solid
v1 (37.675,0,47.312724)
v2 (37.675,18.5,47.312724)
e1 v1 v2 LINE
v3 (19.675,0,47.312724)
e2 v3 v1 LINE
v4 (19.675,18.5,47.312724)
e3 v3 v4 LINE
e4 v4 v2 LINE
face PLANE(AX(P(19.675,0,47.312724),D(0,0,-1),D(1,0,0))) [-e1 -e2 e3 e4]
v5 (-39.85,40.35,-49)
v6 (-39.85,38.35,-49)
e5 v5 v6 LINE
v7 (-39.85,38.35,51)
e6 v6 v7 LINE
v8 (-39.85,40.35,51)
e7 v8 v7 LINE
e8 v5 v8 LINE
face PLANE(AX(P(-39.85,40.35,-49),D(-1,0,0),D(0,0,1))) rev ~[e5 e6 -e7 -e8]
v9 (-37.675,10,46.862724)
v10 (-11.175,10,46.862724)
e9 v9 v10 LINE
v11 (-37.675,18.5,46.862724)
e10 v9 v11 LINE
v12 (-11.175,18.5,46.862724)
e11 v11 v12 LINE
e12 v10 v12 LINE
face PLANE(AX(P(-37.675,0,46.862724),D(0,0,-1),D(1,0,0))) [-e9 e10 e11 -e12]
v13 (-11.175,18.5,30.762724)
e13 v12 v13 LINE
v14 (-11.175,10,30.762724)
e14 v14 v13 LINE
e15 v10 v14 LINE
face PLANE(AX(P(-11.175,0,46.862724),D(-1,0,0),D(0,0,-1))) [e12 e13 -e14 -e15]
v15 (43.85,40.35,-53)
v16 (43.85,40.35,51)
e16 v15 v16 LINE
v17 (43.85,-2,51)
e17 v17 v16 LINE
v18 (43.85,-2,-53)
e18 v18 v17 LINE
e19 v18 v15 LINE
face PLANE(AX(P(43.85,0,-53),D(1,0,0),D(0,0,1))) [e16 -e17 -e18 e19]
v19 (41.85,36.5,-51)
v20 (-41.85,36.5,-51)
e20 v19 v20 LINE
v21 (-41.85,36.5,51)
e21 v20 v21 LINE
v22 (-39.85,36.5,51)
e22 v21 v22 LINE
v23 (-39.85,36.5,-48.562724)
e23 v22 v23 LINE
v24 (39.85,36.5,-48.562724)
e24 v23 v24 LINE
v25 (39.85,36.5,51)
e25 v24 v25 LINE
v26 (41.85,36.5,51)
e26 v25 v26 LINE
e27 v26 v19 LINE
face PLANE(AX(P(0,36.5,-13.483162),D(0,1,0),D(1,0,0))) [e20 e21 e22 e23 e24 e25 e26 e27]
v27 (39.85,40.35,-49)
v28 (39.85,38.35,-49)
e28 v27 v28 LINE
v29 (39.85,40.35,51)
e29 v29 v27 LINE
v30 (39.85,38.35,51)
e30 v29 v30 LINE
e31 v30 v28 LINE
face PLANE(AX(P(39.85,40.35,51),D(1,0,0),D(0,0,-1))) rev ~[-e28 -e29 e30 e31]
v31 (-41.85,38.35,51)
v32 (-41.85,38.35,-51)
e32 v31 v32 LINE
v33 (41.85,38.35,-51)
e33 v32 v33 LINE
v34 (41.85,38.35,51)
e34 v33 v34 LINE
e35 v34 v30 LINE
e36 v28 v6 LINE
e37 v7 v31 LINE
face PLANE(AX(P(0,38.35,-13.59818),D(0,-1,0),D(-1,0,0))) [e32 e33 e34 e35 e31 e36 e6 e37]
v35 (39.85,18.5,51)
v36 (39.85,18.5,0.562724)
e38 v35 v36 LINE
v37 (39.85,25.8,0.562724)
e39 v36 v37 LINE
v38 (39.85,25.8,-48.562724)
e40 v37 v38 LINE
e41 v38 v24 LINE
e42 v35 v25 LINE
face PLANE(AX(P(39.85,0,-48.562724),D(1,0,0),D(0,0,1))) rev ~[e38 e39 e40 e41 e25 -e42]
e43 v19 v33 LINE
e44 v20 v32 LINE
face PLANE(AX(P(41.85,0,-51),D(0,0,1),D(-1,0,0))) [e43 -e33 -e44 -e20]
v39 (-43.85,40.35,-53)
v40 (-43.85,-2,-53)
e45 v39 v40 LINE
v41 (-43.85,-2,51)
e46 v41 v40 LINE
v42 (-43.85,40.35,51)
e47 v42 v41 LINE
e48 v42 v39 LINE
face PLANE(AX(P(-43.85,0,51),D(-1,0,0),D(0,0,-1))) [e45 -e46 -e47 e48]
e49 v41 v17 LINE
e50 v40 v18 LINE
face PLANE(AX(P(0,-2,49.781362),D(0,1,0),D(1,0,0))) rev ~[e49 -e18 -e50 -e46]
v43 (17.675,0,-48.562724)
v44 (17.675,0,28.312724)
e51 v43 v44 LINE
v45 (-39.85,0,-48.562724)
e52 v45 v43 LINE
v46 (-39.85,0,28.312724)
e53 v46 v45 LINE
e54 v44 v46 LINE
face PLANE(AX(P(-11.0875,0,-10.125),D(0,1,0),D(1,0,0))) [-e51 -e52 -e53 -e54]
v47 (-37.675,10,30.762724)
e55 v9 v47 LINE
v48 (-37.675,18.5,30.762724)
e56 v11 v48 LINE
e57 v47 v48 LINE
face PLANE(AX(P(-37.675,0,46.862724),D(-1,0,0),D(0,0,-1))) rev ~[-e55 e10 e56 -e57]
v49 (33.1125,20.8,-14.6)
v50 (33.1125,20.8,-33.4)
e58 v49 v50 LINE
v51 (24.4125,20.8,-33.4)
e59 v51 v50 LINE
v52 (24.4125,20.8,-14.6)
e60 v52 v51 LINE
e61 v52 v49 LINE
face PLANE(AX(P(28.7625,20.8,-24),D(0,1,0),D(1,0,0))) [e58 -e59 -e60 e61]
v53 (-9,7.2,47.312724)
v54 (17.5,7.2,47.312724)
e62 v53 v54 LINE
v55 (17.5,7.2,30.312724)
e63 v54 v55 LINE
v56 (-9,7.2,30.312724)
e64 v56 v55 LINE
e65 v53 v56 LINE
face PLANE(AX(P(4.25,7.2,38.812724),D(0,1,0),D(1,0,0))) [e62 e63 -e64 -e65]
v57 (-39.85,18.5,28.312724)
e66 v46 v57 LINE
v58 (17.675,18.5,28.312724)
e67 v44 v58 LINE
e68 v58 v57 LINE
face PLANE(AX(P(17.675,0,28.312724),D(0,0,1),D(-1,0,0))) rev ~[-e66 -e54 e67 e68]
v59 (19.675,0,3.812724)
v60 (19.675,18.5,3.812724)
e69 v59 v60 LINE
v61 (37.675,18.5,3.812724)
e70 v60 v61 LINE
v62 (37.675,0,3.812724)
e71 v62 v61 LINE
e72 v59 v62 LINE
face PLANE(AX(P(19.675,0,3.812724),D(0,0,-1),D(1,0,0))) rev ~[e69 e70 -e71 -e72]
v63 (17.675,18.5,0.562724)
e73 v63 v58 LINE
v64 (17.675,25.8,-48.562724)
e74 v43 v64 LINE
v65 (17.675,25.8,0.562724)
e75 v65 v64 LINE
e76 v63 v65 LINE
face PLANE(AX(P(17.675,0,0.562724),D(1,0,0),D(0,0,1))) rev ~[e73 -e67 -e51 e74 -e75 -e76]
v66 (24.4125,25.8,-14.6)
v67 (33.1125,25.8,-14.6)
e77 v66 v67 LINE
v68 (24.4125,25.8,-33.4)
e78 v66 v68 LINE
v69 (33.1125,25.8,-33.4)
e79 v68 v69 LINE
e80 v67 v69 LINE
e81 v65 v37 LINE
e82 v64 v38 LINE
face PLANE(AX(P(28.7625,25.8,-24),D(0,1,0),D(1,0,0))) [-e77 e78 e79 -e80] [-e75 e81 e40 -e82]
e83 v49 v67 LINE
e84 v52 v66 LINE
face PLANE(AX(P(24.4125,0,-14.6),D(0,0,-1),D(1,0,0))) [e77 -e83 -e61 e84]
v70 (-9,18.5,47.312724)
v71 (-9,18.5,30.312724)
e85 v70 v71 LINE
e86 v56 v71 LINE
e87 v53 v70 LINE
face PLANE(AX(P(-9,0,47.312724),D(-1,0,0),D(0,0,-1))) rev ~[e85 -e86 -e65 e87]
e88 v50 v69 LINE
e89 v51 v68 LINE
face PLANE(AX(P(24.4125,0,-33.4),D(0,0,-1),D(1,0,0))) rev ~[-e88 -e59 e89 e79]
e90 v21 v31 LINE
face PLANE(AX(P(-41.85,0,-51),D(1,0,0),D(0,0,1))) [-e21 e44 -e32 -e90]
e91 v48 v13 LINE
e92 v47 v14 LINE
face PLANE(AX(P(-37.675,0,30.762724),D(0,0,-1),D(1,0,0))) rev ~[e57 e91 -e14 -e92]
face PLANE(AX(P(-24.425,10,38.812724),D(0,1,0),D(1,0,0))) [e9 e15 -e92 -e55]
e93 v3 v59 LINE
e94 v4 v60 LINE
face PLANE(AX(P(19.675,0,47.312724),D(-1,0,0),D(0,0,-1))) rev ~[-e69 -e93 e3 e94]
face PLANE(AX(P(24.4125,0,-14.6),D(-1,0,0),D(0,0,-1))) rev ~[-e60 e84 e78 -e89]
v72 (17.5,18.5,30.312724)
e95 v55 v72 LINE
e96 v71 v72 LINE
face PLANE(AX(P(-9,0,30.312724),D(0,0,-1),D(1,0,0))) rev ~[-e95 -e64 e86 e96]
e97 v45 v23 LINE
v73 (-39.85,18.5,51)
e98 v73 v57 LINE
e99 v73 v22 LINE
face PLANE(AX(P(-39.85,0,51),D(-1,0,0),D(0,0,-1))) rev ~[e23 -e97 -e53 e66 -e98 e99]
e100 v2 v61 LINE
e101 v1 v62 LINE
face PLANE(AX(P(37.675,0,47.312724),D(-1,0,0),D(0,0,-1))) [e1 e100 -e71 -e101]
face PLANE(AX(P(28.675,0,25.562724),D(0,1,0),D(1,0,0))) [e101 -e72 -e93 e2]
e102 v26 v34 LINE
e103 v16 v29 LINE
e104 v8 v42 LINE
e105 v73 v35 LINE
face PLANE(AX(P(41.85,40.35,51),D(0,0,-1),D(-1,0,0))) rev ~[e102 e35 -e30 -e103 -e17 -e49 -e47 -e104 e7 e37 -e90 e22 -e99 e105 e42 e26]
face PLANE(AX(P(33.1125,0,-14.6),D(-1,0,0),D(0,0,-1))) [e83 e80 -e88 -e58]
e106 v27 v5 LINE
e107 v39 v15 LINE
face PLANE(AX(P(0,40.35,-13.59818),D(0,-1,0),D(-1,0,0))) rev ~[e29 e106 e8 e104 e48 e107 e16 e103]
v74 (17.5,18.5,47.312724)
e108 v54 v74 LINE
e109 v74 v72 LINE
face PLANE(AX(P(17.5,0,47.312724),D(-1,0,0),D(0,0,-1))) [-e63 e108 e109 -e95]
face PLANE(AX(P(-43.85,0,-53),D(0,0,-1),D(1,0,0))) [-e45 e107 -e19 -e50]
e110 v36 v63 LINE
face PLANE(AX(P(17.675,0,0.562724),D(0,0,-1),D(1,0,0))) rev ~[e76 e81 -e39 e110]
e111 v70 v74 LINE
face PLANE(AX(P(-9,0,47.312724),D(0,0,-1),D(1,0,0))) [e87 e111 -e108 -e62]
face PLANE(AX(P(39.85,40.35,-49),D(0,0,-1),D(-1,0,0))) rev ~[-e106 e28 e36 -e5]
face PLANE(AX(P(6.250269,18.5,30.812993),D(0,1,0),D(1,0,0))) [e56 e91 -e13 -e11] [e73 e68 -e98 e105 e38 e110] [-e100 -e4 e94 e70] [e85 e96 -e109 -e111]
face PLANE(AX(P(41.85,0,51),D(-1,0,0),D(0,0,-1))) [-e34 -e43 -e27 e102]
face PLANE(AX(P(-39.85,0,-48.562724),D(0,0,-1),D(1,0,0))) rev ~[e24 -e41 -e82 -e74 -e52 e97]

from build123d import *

# Parameters (mm, degrees)
BOSS_EXTRUDE1_DEPTH = 36.5
BOSS_EXTRUDE2_DEPTH = 40.35
SKETCH1_4_W         = 22.175
SKETCH1_4_H         = 49.125448028
SKETCH1_4_W_2       = 8.7
SKETCH1_4_H_2       = 18.8
BOSS_EXTRUDE3_DEPTH = 25.8
SKETCH1_5_W         = 8.7
SKETCH1_5_H         = 18.8
BOSS_EXTRUDE4_DEPTH = 20.8
SKETCH1_6_W         = 26.5
SKETCH1_6_H         = 17
BOSS_EXTRUDE5_DEPTH = 7.2
SKETCH1_7_W         = 26.5
SKETCH1_7_H         = 16.1
BOSS_EXTRUDE6_DEPTH = 10
SKETCH1_8_W         = 18
SKETCH1_8_H         = 43.5
SKETCH1_8_W_2       = 26.5
SKETCH1_8_H_2       = 16.1
SKETCH1_8_H_3       = 17
BOSS_EXTRUDE7_DEPTH = 18.5
SKETCH1_9_W         = 87.7
SKETCH1_9_H         = 104
BOSS_EXTRUDE8_DEPTH = 2
BOSS_EXTRUDE9_DEPTH = 2


with BuildPart() as part:
    # Sketch1 → Boss-Extrude1 (new body)
    with BuildSketch(Plane(origin=(0, 0, 0), x_dir=(1, 0, 0), z_dir=(0, 1, 0))):
        Polygon((-41.85, -51), (-39.85, -51), (-39.85, -48.562724014), (-39.85, -28.312724014), (-39.85, 48.562724014), (17.675, 48.562724014), (39.85, 48.562724014), (39.85, -0.562724014), (39.85, -48.562724014), (39.85, -51), (41.85, -51), (41.85, 51), (-41.85, 51), align=None)
    extrude(amount=BOSS_EXTRUDE1_DEPTH)

    # Sketch1<3> → Boss-Extrude2 (add)
    with BuildSketch(Plane(origin=(0, 0, 0), x_dir=(1, 0, 0), z_dir=(0, 1, 0))):
        Polygon((-43.85, -51), (-41.85, -51), (-41.85, 51), (41.85, 51), (41.85, -51), (43.85, -51), (43.85, 53), (-43.85, 53), align=None)
    extrude(amount=BOSS_EXTRUDE2_DEPTH)

    # Sketch1<4> → Boss-Extrude3 (add)
    with BuildSketch(Plane(origin=(0, 0, 0), x_dir=(1, 0, 0), z_dir=(0, 1, 0))):
        with Locations((28.7625, 24)):
            Rectangle(SKETCH1_4_W, SKETCH1_4_H)
        with Locations((28.7625, 24)):
            Rectangle(SKETCH1_4_W_2, SKETCH1_4_H_2, mode=Mode.SUBTRACT)
    extrude(amount=BOSS_EXTRUDE3_DEPTH)

    # Sketch1<5> → Boss-Extrude4 (add)
    with BuildSketch(Plane(origin=(0, 0, 0), x_dir=(1, 0, 0), z_dir=(0, 1, 0))):
        with Locations((28.7625, 24)):
            Rectangle(SKETCH1_5_W, SKETCH1_5_H)
    extrude(amount=BOSS_EXTRUDE4_DEPTH)



with BuildPart() as body_2:
    # Sketch1<6> → Boss-Extrude5 (new body)
    with BuildSketch(Plane(origin=(0, 0, 0), x_dir=(1, 0, 0), z_dir=(0, 1, 0))):
        with Locations((4.25, -38.812724014)):
            Rectangle(SKETCH1_6_W, SKETCH1_6_H)
    extrude(amount=BOSS_EXTRUDE5_DEPTH)


with BuildPart() as body_3:
    # Sketch1<7> → Boss-Extrude6 (new body)
    with BuildSketch(Plane(origin=(0, 0, 0), x_dir=(1, 0, 0), z_dir=(0, 1, 0))):
        with Locations((-24.425, -38.812724014)):
            Rectangle(SKETCH1_7_W, SKETCH1_7_H)
    extrude(amount=BOSS_EXTRUDE6_DEPTH)


with BuildPart() as part_1:
    add(part.part)

    add(body_2.part)  # Boss-Extrude7 merges body 2

    add(body_3.part)  # Boss-Extrude7 merges body 3
    # Sketch1<8> → Boss-Extrude7 (add)
    with BuildSketch(Plane(origin=(0, 0, 0), x_dir=(1, 0, 0), z_dir=(0, 1, 0))):
        Polygon((-39.85, -51), (39.85, -51), (39.85, -0.562724014), (17.675, -0.562724014), (17.675, -28.312724014), (-39.85, -28.312724014), align=None)
        with Locations((28.675, -25.562724014)):
            Rectangle(SKETCH1_8_W, SKETCH1_8_H, mode=Mode.SUBTRACT)
        with Locations((-24.425, -38.812724014)):
            Rectangle(SKETCH1_8_W_2, SKETCH1_8_H_2, mode=Mode.SUBTRACT)
        with Locations((4.25, -38.812724014)):
            Rectangle(SKETCH1_8_W_2, SKETCH1_8_H_3, mode=Mode.SUBTRACT)
    extrude(amount=BOSS_EXTRUDE7_DEPTH)

    # Sketch1<9> → Boss-Extrude8 (add)
    with BuildSketch(Plane(origin=(0, 0, 0), x_dir=(1, 0, 0), z_dir=(0, 1, 0))):
        with Locations((0, 1)):
            Rectangle(SKETCH1_9_W, SKETCH1_9_H)
    extrude(amount=-BOSS_EXTRUDE8_DEPTH)

    # Sketch2 → Boss-Extrude9 (add)
    with BuildSketch(Plane(origin=(0, 40.35, 0), x_dir=(1, 0, 0), z_dir=(0, 1, 0))):
        Polygon((-41.85, -51), (-41.85, 51), (41.85, 51), (41.85, -51), (39.85, -51), (39.85, 49), (-39.85, 49), (-39.85, -51), align=None)
    extrude(amount=-BOSS_EXTRUDE9_DEPTH)


solid = part_1.part
